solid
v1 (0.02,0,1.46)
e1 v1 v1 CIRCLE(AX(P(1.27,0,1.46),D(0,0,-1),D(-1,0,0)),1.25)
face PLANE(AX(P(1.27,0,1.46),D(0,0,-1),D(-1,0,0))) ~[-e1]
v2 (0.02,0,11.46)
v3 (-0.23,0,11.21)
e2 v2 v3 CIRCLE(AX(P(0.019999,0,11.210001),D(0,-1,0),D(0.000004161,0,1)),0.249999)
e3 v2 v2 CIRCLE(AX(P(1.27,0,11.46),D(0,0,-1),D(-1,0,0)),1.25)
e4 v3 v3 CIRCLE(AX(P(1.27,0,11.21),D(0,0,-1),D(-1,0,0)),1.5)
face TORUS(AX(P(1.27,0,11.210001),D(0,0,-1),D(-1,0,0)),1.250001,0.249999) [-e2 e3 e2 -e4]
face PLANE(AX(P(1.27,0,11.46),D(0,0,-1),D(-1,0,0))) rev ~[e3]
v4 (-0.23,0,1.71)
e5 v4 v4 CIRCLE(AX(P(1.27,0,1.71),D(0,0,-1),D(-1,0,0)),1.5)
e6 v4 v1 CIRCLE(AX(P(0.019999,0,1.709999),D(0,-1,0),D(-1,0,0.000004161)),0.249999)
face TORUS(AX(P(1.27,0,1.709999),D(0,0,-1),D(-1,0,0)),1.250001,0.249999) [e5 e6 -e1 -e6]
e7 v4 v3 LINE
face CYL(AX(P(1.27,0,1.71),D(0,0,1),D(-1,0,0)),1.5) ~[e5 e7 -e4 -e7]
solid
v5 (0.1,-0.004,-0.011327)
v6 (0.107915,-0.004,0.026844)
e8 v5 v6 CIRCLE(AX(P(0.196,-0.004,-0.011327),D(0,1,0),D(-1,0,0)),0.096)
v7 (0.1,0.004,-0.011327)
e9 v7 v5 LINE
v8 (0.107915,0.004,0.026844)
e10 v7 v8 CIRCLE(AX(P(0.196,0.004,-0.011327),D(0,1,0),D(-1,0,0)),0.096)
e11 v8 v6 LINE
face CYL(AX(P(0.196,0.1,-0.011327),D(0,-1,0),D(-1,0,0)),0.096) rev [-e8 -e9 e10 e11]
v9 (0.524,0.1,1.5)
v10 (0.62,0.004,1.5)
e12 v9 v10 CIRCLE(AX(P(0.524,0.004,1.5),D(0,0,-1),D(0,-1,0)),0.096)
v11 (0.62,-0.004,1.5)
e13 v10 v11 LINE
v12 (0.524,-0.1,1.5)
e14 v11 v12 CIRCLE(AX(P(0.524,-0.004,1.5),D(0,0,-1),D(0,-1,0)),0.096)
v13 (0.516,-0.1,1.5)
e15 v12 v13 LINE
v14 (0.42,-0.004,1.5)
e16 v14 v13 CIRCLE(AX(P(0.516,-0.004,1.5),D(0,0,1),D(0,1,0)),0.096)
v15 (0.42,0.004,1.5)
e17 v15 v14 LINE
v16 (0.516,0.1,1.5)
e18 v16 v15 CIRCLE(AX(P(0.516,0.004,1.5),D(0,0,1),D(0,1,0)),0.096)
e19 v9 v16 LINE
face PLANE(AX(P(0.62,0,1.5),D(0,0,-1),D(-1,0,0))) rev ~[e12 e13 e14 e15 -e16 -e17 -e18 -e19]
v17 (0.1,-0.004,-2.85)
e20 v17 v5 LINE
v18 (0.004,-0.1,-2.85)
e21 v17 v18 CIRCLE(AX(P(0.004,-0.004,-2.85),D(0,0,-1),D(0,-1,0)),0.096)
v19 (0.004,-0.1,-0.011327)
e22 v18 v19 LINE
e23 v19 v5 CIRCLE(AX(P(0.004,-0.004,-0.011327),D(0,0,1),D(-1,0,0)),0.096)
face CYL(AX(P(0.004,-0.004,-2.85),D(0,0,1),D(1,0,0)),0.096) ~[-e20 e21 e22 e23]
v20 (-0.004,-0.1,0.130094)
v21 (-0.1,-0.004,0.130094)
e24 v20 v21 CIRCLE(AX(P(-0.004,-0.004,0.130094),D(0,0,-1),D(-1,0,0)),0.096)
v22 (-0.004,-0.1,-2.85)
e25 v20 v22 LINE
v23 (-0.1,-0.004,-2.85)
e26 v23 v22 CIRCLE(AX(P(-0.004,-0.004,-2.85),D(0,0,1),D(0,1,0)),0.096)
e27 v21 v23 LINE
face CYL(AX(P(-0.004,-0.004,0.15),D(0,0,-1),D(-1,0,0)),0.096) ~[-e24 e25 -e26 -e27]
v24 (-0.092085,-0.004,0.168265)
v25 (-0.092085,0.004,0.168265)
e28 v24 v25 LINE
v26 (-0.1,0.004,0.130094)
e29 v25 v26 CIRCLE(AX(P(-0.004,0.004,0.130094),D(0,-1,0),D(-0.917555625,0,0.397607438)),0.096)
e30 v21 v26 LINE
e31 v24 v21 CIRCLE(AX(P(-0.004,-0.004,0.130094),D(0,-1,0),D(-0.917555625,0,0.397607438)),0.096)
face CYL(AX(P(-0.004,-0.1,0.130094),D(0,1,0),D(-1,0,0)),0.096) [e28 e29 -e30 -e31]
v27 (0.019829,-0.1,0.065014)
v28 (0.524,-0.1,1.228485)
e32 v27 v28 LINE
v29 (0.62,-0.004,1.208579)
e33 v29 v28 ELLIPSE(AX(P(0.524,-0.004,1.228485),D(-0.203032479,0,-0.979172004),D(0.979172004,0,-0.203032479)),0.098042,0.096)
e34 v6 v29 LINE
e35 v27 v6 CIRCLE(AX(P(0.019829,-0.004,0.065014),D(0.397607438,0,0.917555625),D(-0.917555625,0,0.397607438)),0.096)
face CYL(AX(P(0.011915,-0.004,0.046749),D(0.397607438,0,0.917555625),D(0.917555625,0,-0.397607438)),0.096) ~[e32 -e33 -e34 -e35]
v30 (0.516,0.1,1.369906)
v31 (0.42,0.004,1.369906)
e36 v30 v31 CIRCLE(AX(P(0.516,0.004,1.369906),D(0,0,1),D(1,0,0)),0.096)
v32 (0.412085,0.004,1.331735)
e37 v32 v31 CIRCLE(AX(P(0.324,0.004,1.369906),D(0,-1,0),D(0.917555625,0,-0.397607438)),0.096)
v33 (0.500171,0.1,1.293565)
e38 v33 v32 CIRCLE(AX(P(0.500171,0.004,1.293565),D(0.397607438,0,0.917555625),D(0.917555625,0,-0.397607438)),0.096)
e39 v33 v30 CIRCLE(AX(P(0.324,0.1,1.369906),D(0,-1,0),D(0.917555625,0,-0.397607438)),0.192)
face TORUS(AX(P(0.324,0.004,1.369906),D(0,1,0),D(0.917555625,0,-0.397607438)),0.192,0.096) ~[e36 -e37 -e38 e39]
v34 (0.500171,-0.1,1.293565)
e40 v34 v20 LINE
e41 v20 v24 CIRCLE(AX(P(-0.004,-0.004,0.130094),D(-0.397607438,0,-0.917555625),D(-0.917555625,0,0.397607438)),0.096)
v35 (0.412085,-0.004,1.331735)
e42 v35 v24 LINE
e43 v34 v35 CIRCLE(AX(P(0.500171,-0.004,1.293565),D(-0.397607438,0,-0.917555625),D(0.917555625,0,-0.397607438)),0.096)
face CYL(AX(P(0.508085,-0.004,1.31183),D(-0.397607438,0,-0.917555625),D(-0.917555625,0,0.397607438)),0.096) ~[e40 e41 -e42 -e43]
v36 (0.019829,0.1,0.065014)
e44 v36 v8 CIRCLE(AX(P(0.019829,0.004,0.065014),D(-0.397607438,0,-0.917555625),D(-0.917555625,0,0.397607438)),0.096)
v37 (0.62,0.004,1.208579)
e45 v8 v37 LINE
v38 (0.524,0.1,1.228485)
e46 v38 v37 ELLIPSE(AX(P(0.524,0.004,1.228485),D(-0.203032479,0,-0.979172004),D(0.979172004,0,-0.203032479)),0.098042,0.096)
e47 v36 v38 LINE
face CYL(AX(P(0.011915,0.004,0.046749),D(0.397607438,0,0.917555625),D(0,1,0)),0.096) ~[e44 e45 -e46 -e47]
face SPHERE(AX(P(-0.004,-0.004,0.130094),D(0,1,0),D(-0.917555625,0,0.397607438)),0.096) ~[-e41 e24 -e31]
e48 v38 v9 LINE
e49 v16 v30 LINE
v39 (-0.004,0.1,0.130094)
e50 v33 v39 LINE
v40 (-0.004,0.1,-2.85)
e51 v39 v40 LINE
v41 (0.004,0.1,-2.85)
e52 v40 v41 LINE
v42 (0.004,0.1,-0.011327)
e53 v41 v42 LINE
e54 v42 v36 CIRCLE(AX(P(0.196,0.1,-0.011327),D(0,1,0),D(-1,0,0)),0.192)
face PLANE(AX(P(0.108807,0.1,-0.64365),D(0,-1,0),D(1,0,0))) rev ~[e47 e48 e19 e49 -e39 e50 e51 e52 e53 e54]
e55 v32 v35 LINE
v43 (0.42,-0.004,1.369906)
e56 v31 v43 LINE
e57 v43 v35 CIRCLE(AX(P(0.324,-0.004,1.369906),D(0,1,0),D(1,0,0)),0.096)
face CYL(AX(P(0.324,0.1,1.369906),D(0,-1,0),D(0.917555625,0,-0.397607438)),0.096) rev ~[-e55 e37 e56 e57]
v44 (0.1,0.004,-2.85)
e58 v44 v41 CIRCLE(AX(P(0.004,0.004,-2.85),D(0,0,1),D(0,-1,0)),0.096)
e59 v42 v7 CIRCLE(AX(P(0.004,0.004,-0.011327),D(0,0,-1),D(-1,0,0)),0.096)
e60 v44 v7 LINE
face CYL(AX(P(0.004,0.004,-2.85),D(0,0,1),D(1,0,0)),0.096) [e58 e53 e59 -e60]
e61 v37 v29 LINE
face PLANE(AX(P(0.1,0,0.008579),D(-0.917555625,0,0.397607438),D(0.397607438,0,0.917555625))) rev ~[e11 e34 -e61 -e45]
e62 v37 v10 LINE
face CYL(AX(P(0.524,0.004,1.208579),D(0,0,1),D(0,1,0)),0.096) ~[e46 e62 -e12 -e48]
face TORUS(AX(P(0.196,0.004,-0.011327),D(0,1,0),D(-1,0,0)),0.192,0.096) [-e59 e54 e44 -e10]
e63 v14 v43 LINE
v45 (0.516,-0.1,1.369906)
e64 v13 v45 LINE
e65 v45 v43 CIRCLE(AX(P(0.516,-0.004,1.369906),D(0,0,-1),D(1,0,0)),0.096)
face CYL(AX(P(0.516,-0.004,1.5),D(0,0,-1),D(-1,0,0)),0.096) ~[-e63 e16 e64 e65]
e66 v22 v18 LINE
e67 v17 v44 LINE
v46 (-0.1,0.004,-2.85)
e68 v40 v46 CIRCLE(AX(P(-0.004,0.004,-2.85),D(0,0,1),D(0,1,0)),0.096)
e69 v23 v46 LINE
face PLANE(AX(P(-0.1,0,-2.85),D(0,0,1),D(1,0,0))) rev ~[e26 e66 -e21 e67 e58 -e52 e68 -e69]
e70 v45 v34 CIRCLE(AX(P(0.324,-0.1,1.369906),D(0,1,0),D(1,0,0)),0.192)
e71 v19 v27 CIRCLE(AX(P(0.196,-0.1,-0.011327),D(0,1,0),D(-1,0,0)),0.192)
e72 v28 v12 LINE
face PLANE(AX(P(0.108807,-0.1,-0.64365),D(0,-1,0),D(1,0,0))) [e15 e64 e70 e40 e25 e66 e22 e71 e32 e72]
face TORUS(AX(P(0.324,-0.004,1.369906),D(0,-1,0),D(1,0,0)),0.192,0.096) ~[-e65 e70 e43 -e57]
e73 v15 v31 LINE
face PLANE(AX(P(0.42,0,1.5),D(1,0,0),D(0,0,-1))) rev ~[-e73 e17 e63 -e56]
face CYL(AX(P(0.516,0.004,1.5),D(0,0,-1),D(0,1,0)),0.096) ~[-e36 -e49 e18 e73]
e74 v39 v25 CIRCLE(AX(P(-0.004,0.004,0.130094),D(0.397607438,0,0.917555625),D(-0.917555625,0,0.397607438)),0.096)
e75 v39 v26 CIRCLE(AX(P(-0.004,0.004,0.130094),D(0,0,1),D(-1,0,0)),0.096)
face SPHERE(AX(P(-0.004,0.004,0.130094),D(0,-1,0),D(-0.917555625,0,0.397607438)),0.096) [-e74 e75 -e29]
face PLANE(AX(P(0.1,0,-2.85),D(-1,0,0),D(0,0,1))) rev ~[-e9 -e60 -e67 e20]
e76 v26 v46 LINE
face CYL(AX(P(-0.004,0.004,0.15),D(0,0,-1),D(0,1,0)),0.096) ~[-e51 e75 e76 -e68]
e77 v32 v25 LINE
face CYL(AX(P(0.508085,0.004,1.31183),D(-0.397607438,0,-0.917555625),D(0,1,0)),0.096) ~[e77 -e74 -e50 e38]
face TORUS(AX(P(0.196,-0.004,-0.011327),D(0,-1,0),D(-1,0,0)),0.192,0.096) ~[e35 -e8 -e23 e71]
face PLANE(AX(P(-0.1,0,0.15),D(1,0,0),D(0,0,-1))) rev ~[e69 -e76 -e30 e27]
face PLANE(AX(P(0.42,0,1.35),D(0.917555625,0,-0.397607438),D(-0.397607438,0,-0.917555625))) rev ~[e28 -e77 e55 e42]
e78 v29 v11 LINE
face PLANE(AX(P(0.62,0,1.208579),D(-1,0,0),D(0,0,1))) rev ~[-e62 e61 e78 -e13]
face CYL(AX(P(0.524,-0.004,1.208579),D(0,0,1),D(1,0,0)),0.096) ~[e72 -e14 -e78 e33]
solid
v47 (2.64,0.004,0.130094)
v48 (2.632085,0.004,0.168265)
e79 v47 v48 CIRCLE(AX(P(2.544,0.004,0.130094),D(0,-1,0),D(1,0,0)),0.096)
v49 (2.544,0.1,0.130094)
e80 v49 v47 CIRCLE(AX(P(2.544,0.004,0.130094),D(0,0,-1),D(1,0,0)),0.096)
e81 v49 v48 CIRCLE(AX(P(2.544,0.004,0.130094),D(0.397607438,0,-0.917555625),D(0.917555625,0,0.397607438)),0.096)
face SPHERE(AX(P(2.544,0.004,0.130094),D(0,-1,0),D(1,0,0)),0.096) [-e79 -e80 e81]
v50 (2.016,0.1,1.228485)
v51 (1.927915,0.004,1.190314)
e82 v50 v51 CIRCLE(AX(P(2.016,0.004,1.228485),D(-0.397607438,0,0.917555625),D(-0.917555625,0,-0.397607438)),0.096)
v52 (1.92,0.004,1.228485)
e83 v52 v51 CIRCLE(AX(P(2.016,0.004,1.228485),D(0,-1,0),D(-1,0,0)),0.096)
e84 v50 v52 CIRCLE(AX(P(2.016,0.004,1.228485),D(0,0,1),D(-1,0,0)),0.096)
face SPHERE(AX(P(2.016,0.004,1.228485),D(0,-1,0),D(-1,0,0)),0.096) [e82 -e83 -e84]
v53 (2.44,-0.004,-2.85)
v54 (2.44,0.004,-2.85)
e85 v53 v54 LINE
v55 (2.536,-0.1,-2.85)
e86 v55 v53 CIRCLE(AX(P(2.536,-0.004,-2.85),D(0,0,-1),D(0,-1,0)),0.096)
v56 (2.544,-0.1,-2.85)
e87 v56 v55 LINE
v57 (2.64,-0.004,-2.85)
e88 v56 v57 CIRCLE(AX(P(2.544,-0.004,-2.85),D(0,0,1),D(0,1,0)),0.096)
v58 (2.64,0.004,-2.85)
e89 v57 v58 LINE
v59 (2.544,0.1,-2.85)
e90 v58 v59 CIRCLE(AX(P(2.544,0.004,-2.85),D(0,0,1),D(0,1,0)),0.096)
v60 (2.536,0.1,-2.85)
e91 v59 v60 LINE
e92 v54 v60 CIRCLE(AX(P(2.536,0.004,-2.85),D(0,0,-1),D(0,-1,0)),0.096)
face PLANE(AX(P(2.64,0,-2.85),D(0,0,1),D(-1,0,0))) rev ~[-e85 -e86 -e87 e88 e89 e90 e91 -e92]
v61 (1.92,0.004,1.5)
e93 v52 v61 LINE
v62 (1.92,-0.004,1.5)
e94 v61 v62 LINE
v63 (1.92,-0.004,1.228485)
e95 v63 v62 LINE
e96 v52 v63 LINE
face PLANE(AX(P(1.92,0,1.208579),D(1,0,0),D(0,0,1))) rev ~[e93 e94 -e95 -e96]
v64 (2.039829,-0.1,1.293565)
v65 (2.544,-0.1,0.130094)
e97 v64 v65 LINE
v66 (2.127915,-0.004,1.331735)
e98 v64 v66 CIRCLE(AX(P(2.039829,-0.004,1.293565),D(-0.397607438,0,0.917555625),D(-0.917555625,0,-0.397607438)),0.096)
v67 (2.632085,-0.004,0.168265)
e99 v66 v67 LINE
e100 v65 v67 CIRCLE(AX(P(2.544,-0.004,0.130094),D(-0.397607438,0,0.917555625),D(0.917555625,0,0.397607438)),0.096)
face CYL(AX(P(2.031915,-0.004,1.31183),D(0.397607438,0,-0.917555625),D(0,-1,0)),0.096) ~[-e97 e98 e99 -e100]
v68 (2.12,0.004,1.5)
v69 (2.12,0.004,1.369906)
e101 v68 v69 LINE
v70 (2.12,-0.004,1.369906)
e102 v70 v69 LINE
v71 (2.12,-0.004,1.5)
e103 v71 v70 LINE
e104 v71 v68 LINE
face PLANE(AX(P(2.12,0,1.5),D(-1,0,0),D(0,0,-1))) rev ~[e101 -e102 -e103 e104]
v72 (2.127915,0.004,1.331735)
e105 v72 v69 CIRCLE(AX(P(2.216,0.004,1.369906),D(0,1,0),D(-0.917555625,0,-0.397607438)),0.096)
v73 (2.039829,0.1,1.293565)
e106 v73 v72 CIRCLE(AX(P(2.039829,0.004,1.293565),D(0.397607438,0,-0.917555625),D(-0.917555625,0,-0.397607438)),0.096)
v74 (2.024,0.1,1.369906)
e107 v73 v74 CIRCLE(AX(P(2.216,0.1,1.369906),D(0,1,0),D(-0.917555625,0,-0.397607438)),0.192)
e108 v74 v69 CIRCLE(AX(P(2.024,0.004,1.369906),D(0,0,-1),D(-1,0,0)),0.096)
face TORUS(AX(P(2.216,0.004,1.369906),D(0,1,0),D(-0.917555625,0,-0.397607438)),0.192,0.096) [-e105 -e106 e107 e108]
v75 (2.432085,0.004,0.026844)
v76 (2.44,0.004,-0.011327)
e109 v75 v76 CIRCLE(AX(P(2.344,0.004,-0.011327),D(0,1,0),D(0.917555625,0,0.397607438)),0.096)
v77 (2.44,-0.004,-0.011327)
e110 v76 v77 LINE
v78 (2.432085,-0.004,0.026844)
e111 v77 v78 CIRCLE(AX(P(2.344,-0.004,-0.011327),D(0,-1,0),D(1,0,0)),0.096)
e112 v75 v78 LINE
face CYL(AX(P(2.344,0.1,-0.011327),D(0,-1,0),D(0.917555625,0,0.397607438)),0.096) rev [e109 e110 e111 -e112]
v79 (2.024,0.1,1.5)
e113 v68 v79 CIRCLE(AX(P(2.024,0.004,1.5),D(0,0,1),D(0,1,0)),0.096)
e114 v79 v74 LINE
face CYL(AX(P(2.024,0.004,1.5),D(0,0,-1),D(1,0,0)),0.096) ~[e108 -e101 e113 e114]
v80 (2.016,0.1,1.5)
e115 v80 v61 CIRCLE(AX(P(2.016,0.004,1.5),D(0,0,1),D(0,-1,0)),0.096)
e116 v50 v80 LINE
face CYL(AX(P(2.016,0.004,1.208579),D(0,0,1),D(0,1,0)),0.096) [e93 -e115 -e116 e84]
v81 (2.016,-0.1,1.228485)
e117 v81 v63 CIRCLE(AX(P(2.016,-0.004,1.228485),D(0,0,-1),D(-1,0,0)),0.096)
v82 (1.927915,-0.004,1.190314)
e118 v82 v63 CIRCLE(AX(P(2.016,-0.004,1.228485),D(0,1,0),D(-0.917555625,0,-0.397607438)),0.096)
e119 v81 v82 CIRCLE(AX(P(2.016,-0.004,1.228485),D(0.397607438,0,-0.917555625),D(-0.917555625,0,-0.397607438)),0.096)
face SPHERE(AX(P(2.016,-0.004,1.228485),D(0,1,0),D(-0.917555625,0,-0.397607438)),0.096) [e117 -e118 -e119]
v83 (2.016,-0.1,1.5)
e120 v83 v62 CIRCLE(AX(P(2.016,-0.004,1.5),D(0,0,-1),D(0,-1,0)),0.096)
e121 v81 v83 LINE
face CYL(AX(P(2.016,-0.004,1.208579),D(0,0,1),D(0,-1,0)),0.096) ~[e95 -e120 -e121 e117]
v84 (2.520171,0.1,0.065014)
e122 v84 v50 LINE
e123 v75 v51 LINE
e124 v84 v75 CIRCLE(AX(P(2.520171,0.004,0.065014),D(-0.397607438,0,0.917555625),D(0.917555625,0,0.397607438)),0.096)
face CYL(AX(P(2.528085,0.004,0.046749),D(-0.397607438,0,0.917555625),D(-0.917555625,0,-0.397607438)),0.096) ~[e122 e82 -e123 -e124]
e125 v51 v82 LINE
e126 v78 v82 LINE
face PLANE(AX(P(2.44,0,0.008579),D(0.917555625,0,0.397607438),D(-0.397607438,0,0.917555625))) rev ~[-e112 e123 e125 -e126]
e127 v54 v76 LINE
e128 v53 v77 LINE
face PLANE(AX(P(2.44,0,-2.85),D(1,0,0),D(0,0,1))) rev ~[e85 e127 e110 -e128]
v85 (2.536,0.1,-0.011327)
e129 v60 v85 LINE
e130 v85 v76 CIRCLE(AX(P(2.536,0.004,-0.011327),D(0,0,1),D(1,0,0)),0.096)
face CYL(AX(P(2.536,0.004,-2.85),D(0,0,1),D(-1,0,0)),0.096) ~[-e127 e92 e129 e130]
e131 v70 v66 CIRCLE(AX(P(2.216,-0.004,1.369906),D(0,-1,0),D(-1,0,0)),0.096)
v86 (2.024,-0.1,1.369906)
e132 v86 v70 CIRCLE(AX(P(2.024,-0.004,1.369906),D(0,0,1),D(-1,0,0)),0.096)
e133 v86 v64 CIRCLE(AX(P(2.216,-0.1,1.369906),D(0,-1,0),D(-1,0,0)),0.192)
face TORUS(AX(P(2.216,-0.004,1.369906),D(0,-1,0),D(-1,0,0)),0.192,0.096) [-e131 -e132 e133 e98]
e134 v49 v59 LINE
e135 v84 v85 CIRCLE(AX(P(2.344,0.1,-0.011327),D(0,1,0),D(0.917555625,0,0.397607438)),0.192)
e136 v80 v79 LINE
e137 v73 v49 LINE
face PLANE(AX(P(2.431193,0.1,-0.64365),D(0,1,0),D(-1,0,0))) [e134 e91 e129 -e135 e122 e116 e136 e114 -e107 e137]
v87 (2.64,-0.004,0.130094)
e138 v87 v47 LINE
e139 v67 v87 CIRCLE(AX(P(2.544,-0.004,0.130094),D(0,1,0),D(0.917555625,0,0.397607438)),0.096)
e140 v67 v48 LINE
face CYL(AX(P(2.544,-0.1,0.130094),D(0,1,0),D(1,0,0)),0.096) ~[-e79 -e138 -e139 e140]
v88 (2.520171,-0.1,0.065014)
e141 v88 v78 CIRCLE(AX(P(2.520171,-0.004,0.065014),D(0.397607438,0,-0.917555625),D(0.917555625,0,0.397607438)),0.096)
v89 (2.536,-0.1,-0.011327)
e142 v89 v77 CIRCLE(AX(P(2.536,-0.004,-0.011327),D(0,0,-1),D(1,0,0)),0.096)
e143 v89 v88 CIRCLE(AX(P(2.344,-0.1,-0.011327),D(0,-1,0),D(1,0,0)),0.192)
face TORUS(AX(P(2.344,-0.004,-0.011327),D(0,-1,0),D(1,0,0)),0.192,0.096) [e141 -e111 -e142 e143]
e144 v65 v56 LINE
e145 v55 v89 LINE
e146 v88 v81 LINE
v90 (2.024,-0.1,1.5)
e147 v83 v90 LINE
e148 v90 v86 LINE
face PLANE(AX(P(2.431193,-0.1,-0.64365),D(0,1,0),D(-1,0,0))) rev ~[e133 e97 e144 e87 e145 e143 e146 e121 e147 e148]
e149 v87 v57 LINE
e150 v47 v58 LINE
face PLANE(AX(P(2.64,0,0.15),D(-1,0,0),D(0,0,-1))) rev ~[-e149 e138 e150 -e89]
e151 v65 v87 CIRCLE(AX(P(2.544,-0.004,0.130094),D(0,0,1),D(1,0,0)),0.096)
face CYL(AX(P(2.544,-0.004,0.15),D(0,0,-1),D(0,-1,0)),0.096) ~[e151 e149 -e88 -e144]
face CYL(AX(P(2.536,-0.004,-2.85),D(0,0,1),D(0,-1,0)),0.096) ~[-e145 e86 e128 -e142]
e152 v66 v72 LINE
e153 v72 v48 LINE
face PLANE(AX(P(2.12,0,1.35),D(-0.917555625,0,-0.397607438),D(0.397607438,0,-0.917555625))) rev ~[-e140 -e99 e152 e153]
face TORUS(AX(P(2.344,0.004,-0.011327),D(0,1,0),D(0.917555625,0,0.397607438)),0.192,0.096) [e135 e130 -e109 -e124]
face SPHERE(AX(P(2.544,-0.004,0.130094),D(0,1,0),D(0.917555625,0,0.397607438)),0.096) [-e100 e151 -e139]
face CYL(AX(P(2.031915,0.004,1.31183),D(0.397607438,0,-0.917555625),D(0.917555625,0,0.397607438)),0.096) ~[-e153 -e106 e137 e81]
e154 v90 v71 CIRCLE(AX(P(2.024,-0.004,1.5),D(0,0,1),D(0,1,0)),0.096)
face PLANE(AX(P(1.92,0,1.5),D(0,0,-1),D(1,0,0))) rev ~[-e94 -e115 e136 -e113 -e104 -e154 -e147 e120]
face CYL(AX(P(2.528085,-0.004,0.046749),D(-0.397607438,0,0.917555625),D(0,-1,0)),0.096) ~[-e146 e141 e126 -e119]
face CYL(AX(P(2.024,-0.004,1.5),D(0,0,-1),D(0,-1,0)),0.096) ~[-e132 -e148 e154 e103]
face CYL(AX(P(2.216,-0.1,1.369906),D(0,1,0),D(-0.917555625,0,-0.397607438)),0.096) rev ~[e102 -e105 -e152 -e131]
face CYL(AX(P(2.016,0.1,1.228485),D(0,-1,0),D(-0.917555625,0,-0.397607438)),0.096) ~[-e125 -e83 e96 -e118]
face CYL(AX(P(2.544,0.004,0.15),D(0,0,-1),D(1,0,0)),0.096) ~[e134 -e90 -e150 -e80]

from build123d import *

# Parameters (mm, degrees)
PAD_DEPTH = 0.1
FILLET_R  = 0.096


with BuildPart() as revolution:
    # Sketch002 → Revolution (revolve)
    with BuildSketch(Plane.XZ):
        with BuildLine():
            Line((0.02, 11.46), (1.27, 11.46))
            Line((1.27, 1.46), (1.27, 11.46))
            Line((1.27, 1.46), (0.02, 1.46))
            ThreePointArc((-0.23, 1.71), (-0.156777, 1.533223), (0.02, 1.46))
            Line((-0.23, 1.71), (-0.23, 11.21))
            ThreePointArc((0.02, 11.46), (-0.156777, 11.386777), (-0.23, 11.21))
        make_face()
    revolve(axis=Axis((1.27, 0, 11.46), (0, 0, -1)))


with BuildPart() as fillet_body:
    # Sketch → Pad (new body, symmetric)
    with BuildSketch(Plane.XZ):
        Polygon((0.1, -2.85), (0.1, 0.008579), (0.62, 1.208579), (0.62, 1.5), (0.42, 1.5), (0.42, 1.35), (-0.1, 0.15), (-0.1, -2.85), align=None)
        Polygon((1.92, 1.5), (2.12, 1.5), (2.12, 1.35), (2.64, 0.15), (2.64, -2.85), (2.44, -2.85), (2.44, 0.008579), (1.92, 1.208579), align=None)
    extrude(amount=PAD_DEPTH, both=True)

    # Fillet
    fillet_edges = [fillet_body.edges().sort_by_distance(p)[0] for p in [
        (0.1, -0.1, -1.420711),
        (0.1, 0.1, -1.420711),
        (0.36, -0.1, 0.608579),
        (0.36, 0.1, 0.608579),
        (0.62, -0.1, 1.354289),
        (0.62, 0.1, 1.354289),
        (0.42, -0.1, 1.425),
        (0.16, -0.1, 0.75),
        (-0.1, -0.1, -1.35),
        (2.44, -0.1, -1.420711),
        (2.18, -0.1, 0.608579),
        (1.92, -0.1, 1.354289),
        (2.12, -0.1, 1.425),
        (2.38, -0.1, 0.75),
        (2.64, -0.1, -1.35),
        (2.64, 0.1, -1.35),
        (2.38, 0.1, 0.75),
        (2.12, 0.1, 1.425),
        (2.64, 0, 0.15),
        (2.12, 0, 1.35),
        (1.92, 0.1, 1.354289),
        (2.18, 0.1, 0.608579),
        (2.44, 0.1, -1.420711),
        (0.16, 0.1, 0.75),
        (0.42, 0.1, 1.425),
        (-0.1, 0.1, -1.35),
        (0.1, 0, 0.008579),
        (-0.1, 0, 0.15),
        (0.42, 0, 1.35),
        (1.92, 0, 1.208579),
        (2.44, 0, 0.008579),
    ]]
    fillet(fillet_edges, radius=FILLET_R)


solid = Compound([revolution.part, fillet_body.part])
